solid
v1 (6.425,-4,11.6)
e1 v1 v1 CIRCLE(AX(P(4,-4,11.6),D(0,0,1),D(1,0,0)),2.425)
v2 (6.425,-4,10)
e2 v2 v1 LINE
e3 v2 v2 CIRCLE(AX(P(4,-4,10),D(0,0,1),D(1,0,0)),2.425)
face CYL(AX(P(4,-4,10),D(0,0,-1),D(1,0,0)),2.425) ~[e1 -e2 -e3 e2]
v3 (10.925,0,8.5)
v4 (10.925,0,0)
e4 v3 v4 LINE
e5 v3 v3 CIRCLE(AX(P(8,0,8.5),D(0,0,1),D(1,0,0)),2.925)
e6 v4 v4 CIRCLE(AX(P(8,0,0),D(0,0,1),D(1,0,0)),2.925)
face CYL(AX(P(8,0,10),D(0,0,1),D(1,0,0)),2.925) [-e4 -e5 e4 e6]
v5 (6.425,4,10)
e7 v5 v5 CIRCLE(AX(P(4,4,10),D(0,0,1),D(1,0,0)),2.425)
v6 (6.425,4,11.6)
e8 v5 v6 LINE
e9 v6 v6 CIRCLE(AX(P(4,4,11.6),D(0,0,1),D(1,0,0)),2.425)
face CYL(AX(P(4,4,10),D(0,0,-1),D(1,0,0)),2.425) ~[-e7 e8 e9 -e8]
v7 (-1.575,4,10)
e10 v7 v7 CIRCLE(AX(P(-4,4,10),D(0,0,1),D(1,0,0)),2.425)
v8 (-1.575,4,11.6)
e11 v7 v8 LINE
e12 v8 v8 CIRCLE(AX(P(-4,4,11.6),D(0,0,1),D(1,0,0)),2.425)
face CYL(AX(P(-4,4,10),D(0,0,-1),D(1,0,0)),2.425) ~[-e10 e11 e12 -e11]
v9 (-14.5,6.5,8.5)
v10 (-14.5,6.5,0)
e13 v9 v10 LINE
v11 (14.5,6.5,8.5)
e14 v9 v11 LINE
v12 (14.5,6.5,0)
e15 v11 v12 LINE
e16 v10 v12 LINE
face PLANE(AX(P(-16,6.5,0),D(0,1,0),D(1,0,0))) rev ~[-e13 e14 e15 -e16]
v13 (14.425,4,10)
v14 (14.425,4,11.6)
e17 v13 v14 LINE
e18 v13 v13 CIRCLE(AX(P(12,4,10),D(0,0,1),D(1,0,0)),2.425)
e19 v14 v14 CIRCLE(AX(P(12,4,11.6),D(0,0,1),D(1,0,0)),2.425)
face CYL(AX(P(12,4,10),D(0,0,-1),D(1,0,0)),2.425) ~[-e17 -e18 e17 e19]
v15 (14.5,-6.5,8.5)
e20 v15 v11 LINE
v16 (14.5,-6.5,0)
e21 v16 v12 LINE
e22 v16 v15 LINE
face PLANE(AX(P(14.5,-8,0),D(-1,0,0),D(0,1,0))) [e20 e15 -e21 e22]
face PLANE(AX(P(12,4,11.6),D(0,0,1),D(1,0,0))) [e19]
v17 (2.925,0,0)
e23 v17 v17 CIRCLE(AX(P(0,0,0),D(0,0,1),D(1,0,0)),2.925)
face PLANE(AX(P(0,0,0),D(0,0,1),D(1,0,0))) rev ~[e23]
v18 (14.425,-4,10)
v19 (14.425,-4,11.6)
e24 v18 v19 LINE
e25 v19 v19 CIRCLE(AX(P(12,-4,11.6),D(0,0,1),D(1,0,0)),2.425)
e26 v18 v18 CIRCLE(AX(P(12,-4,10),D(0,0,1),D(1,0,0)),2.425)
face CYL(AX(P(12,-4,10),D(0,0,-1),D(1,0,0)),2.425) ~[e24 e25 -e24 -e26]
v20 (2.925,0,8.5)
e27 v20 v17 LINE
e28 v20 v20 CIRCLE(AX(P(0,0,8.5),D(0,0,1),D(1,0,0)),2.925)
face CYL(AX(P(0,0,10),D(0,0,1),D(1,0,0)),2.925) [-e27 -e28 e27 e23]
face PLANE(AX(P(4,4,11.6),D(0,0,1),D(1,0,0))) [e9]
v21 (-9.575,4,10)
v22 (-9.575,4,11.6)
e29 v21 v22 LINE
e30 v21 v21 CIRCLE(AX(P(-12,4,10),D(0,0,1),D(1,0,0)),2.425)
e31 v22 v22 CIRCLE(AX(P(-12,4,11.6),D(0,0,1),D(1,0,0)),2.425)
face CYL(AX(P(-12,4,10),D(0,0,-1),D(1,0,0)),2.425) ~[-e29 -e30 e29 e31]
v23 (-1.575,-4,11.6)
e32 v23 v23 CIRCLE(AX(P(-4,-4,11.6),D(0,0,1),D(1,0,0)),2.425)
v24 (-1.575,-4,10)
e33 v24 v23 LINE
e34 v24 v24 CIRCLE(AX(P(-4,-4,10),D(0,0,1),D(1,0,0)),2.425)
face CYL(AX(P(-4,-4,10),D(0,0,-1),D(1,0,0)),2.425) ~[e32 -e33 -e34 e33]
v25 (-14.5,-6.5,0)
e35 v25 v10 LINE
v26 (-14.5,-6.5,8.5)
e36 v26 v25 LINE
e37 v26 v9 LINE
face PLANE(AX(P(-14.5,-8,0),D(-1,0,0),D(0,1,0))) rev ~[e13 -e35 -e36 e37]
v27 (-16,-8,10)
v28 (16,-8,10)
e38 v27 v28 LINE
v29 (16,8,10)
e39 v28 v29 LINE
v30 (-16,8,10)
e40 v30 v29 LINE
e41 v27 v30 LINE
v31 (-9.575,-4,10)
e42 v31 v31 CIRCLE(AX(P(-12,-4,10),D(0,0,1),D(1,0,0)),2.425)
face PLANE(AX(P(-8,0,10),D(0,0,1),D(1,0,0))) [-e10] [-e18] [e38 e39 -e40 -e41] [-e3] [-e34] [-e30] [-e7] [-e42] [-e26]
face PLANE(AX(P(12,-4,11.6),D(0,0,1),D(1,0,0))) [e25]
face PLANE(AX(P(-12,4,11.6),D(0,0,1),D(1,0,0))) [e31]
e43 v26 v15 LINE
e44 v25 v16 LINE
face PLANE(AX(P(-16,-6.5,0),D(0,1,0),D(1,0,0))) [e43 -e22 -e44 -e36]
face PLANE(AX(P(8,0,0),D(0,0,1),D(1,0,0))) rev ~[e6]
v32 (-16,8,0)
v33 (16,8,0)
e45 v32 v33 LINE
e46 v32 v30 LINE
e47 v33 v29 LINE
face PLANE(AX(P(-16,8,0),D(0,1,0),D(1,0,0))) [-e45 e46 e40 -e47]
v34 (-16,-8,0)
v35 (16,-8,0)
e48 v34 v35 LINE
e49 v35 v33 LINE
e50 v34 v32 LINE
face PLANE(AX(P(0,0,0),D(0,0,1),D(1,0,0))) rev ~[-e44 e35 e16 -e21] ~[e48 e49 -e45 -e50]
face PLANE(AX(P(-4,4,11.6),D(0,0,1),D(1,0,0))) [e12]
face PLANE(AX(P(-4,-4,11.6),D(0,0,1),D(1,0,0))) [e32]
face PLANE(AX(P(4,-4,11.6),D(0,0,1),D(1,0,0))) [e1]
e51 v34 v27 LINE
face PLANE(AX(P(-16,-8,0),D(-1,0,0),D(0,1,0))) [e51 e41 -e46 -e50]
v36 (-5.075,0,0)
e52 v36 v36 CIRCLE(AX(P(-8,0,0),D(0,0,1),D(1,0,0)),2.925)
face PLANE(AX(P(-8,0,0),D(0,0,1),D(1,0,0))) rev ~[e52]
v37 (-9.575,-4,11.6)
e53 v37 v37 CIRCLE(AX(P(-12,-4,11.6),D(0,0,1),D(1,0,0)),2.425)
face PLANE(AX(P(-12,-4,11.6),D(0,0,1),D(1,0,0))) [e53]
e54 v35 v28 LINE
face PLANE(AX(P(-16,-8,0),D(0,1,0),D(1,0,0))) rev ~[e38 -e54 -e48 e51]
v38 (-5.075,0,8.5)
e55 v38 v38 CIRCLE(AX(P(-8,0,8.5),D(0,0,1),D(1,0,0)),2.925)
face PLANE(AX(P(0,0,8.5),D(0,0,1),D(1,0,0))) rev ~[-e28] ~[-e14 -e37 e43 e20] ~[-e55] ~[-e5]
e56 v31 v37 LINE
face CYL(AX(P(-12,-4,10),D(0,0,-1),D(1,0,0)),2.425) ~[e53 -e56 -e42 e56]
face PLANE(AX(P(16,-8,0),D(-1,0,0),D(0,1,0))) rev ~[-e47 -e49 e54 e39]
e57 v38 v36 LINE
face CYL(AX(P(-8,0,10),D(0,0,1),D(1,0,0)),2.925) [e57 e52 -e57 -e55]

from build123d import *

# Parameters (mm, degrees)
F0_W     = 32
F0_H     = 16
F1_DEPTH = 10
F2_T     = -1.5
F3_R     = 2.425
F4_DEPTH = 1.6
F5_R     = 2.925
F6_DEPTH = 10


with BuildPart() as f1:
    # F0 (on Top) → F1 (new body)
    with BuildSketch(Plane.XY):
        Rectangle(F0_W, F0_H)
    extrude(amount=F1_DEPTH)

    # F2
    f2_openings = [f1.faces().sort_by_distance(p)[0] for p in [
        (0, 0, 0),
    ]]
    offset(amount=F2_T, openings=f2_openings)

    # F3 (on face) → F4 (join)
    with BuildSketch(Plane.XY.offset(10)):
        with Locations((-12, -4)):
            Circle(F3_R)
        with Locations((-12, 4)):
            Circle(F3_R)
        with Locations((-4, -4)):
            Circle(F3_R)
        with Locations((-4, 4)):
            Circle(F3_R)
        with Locations((4, -4)):
            Circle(F3_R)
        with Locations((4, 4)):
            Circle(F3_R)
        with Locations((12, -4)):
            Circle(F3_R)
        with Locations((12, 4)):
            Circle(F3_R)
    extrude(amount=F4_DEPTH)

    # F5 (on face) → F6 (join)
    with BuildSketch(Plane.XY.offset(10)):
        with Locations((-8, 0)):
            Circle(F5_R)
        Circle(F5_R)
        with Locations((8, 0)):
            Circle(F5_R)
    extrude(amount=-F6_DEPTH)


solid = f1.part
